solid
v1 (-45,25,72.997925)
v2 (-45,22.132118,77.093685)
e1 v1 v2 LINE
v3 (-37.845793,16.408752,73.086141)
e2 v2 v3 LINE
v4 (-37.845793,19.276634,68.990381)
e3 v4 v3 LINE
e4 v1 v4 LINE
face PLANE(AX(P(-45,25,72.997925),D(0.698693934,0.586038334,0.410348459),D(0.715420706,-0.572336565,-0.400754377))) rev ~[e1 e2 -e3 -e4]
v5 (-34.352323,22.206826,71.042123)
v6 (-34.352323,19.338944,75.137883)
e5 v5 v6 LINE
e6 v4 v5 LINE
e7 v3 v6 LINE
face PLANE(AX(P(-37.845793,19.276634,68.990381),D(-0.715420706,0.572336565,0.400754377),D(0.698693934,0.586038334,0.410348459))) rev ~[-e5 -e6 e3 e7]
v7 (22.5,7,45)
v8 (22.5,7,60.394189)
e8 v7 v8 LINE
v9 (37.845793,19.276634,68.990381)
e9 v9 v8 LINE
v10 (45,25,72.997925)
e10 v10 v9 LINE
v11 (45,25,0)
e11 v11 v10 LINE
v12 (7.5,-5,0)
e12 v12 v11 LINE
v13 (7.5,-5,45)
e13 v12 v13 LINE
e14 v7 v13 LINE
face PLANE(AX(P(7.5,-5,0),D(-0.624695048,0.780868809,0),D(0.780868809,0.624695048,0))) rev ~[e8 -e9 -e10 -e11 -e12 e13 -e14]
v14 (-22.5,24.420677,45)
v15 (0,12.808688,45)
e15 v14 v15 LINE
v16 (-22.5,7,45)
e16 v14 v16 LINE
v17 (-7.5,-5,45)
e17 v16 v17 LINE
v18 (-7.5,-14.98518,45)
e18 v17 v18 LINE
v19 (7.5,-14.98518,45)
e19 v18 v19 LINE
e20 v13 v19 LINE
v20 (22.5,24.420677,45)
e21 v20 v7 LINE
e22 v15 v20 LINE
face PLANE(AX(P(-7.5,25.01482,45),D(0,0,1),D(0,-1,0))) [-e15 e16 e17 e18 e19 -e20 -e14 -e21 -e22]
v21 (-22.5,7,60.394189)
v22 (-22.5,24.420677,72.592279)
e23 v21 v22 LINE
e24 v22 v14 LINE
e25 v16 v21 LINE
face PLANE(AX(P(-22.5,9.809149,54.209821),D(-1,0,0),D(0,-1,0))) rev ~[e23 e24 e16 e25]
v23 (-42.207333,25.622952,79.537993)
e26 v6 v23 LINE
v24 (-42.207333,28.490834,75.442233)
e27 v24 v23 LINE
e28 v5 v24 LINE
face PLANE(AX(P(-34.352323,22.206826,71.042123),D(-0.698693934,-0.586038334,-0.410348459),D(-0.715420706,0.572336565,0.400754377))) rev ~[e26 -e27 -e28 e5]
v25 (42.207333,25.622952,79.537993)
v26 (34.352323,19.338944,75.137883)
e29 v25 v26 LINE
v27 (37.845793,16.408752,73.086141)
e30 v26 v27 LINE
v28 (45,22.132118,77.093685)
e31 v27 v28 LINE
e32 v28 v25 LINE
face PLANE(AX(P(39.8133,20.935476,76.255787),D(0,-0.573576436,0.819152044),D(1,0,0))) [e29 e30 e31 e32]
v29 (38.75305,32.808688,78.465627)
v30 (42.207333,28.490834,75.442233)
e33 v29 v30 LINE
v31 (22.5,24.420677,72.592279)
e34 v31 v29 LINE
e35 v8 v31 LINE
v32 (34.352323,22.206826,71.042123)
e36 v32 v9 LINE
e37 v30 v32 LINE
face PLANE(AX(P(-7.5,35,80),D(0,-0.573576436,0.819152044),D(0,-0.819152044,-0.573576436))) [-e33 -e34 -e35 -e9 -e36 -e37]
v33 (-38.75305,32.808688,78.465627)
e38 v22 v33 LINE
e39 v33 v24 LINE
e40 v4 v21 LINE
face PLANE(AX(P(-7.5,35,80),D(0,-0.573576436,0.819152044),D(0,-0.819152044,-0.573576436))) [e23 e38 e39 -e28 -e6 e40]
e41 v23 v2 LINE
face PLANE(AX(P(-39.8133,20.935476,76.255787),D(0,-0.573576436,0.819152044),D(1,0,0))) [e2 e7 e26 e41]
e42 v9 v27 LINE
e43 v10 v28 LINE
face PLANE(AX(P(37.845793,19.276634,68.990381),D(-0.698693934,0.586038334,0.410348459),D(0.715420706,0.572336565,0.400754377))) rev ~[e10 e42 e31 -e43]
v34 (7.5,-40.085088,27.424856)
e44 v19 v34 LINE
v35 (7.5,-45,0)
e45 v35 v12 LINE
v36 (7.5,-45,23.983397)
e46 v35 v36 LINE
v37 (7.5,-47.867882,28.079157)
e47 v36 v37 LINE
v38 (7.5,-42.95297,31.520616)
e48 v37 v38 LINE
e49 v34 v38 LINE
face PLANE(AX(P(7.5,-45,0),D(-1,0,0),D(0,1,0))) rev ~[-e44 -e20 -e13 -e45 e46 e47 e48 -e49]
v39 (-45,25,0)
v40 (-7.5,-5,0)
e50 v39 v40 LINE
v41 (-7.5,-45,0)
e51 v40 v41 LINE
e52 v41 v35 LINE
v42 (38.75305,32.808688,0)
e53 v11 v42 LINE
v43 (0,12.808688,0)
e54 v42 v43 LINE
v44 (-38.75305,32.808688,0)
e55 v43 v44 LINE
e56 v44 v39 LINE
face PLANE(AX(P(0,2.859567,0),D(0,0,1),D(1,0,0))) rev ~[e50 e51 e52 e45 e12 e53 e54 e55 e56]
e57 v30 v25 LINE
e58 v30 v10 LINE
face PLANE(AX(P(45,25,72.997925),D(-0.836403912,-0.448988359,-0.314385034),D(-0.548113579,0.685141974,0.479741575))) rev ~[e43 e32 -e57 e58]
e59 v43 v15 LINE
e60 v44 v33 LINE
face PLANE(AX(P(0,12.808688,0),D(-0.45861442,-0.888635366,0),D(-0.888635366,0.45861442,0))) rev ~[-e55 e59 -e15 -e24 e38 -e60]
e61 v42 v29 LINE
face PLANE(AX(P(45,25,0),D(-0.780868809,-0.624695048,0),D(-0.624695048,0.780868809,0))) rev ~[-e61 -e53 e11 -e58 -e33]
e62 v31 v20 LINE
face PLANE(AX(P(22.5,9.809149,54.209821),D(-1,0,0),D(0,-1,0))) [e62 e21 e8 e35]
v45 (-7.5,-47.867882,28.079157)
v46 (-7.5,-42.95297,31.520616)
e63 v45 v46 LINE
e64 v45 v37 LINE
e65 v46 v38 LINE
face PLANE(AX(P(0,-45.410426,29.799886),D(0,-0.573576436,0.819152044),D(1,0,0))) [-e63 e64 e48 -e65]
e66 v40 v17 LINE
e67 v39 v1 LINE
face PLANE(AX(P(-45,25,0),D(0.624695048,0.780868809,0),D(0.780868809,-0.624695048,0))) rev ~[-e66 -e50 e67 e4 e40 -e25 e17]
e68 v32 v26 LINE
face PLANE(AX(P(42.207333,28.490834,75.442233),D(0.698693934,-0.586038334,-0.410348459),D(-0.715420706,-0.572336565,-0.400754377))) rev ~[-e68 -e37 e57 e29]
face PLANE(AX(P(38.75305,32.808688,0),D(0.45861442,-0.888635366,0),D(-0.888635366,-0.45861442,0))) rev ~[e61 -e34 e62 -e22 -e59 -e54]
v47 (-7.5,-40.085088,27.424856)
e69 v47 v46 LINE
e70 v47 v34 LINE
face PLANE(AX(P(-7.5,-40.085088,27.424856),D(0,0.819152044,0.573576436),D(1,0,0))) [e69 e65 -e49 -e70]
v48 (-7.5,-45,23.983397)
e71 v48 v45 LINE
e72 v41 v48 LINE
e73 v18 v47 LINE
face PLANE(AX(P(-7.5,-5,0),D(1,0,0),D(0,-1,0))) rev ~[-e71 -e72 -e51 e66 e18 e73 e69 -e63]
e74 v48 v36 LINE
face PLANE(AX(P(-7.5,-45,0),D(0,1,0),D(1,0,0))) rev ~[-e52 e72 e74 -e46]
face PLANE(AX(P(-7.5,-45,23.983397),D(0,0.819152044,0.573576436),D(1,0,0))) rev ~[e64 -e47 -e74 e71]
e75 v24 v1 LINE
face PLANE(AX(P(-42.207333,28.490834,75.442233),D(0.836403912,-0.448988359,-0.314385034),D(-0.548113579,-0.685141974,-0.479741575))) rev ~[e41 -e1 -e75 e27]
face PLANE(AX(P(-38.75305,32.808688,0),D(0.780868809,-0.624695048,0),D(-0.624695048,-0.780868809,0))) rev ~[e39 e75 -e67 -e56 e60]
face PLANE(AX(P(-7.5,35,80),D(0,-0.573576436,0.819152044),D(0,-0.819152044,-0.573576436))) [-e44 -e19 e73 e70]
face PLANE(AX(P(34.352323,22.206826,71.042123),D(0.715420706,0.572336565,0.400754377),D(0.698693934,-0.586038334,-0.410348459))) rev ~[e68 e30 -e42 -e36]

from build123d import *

# Parameters (mm, degrees)
F1_DEPTH      = 80
F3_DEPTH      = 37.501
F3_DEPTH_BACK = 52.501
F4_W          = 15
F4_H          = 6
F5_DEPTH      = 5
F7_DEPTH      = 30
F7_DEPTH_BACK = 15


with BuildPart() as f1:
    # F0 (on Top) → F1 (new body)
    with BuildSketch(Plane.XY):
        Polygon((-38.7530495245, 32.8086880944), (-45, 25), (-7.5, -5), (-7.5, -45), (7.5, -45), (7.5, -5), (45, 25), (38.7530495245, 32.8086880944), (0, 12.8086880944), align=None)
    extrude(amount=F1_DEPTH)

    # F2 (on face) → F3 (cut, two sides)
    with BuildSketch(Plane(origin=(-7.5, 0, 0), x_dir=(0, -1, 0), z_dir=(-1, 0, 0))) as f3_sk:
        Polygon((45, 23.9833969432), (45, 80), (-35, 80), align=None)
    extrude(amount=F3_DEPTH, mode=Mode.SUBTRACT)
    extrude(f3_sk.sketch, amount=-F3_DEPTH_BACK, mode=Mode.SUBTRACT)

    # F4 (on face) → F5 (join)
    with BuildSketch(Plane(origin=(0, -26.0730573396, 37.2361848693), x_dir=(1, 0, 0), z_dir=(0, -0.5735764364, 0.8191520443))):
        Polygon((-42.207332973, 66.6102117473), (-45, 62.3486905706), (-37.8457929426, 55.3617512278), (-34.3523232712, 58.9388547565), align=None)
        Polygon((37.8457929426, 55.3617512278), (45, 62.3486905706), (42.207332973, 66.6102117473), (34.3523232712, 58.9388547565), align=None)
        with Locations((0, -20.1055306427)):
            Rectangle(F4_W, F4_H)
    extrude(amount=F5_DEPTH)

    # F6 (on face) → F7 (cut, two sides)
    with BuildSketch(Plane(origin=(-7.5, 0, 0), x_dir=(0, -1, 0), z_dir=(-1, 0, 0))) as f7_sk:
        Polygon((-25.014819764, 45), (14.985180236, 45), (-25.014819764, 73.0083015284), align=None)
    extrude(amount=-F7_DEPTH, mode=Mode.SUBTRACT)
    extrude(f7_sk.sketch, amount=F7_DEPTH_BACK, mode=Mode.SUBTRACT)


solid = f1.part
